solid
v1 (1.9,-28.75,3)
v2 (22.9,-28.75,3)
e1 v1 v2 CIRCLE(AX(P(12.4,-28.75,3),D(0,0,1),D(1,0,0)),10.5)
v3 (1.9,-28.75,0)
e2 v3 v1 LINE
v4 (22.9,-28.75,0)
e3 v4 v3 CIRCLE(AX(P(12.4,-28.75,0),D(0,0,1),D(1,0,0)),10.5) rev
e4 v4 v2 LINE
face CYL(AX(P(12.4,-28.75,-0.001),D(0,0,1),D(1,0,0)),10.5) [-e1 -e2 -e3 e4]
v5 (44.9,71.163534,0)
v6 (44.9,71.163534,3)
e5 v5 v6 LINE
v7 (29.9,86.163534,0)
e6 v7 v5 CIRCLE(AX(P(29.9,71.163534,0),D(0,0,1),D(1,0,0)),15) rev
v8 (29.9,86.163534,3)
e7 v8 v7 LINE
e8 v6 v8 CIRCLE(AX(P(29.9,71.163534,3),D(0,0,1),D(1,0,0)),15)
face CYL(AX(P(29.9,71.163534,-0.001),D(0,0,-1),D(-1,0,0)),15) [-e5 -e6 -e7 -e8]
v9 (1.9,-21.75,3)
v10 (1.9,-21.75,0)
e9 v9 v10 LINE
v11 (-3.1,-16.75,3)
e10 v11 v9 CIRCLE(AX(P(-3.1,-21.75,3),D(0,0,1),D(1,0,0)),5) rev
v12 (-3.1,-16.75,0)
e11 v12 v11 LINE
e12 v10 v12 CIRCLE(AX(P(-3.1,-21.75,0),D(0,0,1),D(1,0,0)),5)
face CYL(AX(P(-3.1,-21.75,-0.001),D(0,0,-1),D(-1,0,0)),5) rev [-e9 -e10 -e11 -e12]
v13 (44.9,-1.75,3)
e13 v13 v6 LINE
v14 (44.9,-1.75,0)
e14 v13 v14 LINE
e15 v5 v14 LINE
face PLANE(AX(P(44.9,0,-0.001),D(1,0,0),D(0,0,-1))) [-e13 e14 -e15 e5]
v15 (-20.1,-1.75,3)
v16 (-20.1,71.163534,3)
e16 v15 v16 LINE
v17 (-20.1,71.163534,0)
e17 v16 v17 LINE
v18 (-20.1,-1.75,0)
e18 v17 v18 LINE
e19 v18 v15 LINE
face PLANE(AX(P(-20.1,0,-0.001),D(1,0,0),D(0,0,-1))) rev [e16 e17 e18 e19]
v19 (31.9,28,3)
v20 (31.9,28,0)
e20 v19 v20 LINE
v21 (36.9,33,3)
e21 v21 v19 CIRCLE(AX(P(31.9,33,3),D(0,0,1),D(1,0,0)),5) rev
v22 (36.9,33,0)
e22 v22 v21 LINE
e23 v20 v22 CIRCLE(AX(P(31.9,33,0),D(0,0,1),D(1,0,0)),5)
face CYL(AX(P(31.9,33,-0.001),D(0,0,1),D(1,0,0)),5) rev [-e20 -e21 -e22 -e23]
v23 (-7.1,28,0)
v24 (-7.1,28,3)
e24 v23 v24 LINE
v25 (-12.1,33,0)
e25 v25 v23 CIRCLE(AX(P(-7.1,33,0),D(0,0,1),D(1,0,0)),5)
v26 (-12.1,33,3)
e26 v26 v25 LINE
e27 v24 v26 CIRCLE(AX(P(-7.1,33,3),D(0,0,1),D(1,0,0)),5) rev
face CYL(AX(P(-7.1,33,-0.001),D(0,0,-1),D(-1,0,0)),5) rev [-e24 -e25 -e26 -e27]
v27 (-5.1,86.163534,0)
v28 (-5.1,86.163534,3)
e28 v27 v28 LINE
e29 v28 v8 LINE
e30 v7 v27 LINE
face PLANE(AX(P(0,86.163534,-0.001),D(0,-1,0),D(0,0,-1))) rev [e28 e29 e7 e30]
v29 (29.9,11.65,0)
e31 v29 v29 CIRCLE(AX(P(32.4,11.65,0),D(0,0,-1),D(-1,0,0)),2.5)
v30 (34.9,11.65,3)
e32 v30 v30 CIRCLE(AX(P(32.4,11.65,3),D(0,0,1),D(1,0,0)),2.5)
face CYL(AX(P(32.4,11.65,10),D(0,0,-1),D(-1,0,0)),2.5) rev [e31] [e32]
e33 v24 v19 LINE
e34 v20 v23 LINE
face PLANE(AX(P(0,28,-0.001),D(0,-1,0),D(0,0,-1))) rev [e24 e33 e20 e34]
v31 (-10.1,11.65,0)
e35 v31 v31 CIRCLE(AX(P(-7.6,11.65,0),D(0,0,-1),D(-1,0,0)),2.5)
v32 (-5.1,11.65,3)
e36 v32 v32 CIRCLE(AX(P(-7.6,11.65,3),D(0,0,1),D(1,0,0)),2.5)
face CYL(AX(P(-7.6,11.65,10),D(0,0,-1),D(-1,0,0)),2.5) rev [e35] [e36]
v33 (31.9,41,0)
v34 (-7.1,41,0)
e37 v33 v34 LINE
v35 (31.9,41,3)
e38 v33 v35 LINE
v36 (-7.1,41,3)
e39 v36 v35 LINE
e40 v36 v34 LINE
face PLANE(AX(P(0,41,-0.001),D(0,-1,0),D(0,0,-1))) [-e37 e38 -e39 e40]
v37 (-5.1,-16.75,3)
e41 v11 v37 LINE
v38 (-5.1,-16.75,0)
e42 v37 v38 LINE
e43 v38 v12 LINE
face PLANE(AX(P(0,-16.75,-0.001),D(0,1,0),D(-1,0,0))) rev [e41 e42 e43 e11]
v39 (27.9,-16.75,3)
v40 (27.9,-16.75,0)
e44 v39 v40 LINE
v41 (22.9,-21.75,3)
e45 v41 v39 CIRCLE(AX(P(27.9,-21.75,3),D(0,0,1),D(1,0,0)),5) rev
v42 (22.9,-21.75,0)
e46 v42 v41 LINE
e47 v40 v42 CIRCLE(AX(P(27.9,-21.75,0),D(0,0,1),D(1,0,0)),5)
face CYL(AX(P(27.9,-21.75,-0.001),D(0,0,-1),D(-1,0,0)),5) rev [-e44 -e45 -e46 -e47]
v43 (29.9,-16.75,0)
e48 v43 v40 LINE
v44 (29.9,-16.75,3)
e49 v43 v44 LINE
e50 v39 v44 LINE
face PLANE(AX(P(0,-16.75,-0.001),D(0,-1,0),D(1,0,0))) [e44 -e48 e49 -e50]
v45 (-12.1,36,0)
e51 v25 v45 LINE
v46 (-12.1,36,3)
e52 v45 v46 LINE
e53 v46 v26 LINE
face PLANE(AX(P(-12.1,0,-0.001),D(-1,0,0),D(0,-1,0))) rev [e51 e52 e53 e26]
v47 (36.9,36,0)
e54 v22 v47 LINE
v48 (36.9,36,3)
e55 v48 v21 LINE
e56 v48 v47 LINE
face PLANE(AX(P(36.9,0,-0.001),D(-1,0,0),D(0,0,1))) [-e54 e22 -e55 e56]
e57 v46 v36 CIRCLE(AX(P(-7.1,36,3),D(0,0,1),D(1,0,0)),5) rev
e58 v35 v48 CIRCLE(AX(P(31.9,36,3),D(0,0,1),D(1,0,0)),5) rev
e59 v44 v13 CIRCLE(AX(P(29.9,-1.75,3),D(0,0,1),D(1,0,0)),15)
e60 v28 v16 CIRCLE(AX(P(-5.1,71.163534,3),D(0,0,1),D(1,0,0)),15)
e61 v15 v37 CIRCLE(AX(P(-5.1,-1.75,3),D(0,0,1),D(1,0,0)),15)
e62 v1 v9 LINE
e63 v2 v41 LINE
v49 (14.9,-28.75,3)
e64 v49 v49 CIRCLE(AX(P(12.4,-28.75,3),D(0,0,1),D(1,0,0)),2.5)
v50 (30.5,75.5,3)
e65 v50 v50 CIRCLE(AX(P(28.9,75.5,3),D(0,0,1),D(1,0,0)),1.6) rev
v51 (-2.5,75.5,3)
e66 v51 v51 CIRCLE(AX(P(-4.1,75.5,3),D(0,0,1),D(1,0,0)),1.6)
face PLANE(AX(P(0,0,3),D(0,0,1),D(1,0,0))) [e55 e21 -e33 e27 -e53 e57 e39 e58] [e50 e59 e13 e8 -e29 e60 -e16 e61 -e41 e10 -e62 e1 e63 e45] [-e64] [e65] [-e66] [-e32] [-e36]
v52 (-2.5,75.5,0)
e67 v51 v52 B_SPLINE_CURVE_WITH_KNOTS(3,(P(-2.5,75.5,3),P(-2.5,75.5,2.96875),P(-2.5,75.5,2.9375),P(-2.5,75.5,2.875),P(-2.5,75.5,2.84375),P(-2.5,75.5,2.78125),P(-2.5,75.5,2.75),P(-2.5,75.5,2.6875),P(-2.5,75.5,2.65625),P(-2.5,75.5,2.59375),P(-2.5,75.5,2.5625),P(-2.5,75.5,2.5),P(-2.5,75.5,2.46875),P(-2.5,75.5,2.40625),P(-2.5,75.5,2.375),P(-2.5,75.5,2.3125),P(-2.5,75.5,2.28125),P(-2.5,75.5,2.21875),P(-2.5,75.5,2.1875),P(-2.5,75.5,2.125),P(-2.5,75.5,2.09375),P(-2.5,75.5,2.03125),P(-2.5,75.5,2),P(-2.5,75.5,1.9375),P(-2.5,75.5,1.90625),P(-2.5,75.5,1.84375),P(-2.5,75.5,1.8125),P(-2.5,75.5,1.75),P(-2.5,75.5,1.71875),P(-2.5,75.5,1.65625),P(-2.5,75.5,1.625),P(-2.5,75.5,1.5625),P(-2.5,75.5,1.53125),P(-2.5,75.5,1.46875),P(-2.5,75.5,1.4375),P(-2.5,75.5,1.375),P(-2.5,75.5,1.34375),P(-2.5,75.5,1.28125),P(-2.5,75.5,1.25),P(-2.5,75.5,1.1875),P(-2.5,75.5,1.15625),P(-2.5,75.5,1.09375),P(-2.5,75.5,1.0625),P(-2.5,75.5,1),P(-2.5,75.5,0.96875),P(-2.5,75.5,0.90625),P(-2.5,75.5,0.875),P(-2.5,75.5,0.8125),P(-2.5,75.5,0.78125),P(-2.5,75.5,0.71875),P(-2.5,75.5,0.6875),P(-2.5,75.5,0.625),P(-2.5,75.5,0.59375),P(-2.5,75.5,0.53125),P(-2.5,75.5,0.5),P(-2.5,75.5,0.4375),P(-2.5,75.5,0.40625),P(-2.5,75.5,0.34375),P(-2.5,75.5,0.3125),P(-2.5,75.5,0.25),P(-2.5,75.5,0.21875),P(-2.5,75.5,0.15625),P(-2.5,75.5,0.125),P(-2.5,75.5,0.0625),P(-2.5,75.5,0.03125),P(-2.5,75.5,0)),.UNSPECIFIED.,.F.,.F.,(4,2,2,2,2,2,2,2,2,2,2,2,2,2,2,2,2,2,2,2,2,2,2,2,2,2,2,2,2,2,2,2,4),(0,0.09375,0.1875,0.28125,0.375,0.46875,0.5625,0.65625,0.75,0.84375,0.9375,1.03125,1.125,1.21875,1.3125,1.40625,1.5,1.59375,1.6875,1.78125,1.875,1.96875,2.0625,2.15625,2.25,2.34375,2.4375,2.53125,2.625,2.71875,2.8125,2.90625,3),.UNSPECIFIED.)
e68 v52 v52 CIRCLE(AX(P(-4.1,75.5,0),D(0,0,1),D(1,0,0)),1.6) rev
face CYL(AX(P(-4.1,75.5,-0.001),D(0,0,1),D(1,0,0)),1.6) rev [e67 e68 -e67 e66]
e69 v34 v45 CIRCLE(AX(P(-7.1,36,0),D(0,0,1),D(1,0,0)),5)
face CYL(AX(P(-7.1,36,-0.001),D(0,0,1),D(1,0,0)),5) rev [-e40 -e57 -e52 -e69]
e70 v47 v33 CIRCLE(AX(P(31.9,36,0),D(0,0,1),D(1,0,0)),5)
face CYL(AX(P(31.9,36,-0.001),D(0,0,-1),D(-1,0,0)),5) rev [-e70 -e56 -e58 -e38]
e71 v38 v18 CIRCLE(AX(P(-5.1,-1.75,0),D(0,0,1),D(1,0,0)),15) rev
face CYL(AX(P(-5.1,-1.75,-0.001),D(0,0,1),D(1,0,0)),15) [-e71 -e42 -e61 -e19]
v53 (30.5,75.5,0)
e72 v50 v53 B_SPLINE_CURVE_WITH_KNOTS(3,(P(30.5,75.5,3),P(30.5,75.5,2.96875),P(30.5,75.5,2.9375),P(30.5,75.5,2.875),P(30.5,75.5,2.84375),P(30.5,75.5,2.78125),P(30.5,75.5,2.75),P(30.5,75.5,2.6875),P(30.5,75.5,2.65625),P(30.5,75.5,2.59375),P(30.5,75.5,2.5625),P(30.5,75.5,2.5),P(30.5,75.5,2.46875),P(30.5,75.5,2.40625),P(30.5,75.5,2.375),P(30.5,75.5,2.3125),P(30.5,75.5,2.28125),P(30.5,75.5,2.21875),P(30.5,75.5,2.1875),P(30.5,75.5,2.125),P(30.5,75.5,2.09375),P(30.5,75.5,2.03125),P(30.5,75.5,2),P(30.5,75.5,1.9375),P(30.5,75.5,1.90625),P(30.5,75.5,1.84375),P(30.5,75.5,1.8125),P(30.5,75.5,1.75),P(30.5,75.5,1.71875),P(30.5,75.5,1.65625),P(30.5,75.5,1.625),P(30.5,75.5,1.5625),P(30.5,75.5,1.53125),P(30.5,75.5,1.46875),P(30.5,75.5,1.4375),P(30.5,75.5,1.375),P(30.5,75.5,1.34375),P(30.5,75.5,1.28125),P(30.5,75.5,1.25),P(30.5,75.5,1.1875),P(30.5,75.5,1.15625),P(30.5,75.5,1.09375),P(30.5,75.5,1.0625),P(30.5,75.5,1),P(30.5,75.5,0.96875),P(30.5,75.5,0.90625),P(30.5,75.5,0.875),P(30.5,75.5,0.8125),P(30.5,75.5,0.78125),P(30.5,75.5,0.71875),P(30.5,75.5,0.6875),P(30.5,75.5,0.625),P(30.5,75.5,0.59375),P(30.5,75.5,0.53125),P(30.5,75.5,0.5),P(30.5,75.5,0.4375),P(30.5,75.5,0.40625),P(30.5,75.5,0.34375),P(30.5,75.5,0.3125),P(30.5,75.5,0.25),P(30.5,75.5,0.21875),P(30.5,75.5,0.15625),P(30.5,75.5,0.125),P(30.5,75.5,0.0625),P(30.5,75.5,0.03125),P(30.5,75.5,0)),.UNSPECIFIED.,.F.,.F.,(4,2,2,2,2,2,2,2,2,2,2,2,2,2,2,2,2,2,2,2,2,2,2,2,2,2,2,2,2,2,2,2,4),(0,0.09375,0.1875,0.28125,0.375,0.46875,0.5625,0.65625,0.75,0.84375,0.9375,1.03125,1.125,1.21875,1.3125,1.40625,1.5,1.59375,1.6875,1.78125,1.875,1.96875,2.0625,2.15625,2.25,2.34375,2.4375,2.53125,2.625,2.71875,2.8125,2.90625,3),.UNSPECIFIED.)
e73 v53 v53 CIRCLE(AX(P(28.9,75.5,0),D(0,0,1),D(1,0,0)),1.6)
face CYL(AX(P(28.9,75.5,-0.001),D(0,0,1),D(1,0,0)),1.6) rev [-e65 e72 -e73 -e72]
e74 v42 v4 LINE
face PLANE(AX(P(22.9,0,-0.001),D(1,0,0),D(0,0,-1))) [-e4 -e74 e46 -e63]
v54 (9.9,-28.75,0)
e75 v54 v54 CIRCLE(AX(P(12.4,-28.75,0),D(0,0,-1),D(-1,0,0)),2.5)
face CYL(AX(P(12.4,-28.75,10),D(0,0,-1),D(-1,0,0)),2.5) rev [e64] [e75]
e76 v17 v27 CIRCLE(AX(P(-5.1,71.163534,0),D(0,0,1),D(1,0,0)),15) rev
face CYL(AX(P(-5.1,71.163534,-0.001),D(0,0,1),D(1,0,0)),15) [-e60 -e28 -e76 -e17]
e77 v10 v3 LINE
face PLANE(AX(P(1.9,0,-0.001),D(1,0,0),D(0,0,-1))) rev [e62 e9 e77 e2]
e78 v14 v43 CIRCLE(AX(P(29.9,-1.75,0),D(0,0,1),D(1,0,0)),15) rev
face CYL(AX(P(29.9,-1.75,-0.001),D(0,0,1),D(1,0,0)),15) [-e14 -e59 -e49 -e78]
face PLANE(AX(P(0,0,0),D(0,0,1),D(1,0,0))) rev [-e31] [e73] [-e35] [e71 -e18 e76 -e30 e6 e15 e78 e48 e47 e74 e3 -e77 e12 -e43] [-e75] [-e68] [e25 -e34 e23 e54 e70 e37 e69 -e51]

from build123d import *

# Parameters (mm, degrees)
SKETCH2_W           = 200
SKETCH2_H           = 200
BOSS_EXTRUDE1_DEPTH = 3
SKETCH3_R           = 2.5
CUT_EXTRUDE1_DEPTH  = 10
CUT_EXTRUDE2_REACH  = 143.453
SKETCH4_W           = 200
SKETCH4_H           = 200
SKETCH4_W_2         = 49
SKETCH4_H_2         = 13
FILLET1_R           = 15
FILLET2_R           = 5
CUT_EXTRUDE4_REACH  = 99.207
SKETCH6_R           = 1.6


with BuildPart() as part:
    # Sketch2 → Boss-Extrude1 (new body)
    with BuildSketch(Plane.XY):
        Rectangle(SKETCH2_W, SKETCH2_H)
    extrude(amount=BOSS_EXTRUDE1_DEPTH)

    # Sketch3 → Cut-Extrude1 (cut)
    with BuildSketch(Plane(origin=(0, 0, 0), x_dir=(-1, 0, 0), z_dir=(0, 0, -1))):
        with Locations((-32.4, 11.65)):
            Circle(SKETCH3_R)
        with Locations((7.6, 11.65)):
            Circle(SKETCH3_R)
        with Locations((-12.4, -28.75)):
            Circle(SKETCH3_R)
    extrude(amount=-CUT_EXTRUDE1_DEPTH, mode=Mode.SUBTRACT)

    # Sketch4 → Cut-Extrude2 (cut, up to next)
    with BuildSketch(Plane.XY.offset(3), mode=Mode.PRIVATE) as cut_extrude2_sk1:
        Rectangle(SKETCH4_W, SKETCH4_H)
        with BuildLine():
            Line((-20.1, -16.75), (-20.1, 86.163533864))
            Line((-20.1, 86.163533864), (44.9, 86.163533864))
            Line((44.9, 86.163533864), (44.9, -16.75))
            Line((44.9, -16.75), (22.9, -16.75))
            Line((22.9, -16.75), (22.9, -28.75))
            ThreePointArc((22.9, -28.75), (12.4, -39.25), (1.9, -28.75))
            Line((1.9, -28.75), (1.9, -16.75))
            Line((1.9, -16.75), (-20.1, -16.75))
        make_face(mode=Mode.SUBTRACT)
    cut_extrude2_tool1 = extrude(cut_extrude2_sk1.sketch, amount=-CUT_EXTRUDE2_REACH, mode=Mode.PRIVATE) & part.part
    # Sketch4 → Cut-Extrude2 (cut, up to next)
    with BuildSketch(Plane.XY.offset(3), mode=Mode.PRIVATE) as cut_extrude2_sk2:
        with Locations((12.4, 34.5)):
            Rectangle(SKETCH4_W_2, SKETCH4_H_2)
    cut_extrude2_tool2 = extrude(cut_extrude2_sk2.sketch, amount=-CUT_EXTRUDE2_REACH, mode=Mode.PRIVATE) & part.part
    add(cut_extrude2_tool1.solids().sort_by_distance((-97.171573, 0, 3))[0], mode=Mode.SUBTRACT)
    add(cut_extrude2_tool2.solids().sort_by_distance((12.4, 34.5, 3))[0], mode=Mode.SUBTRACT)

    # Fillet1
    fillet1_edges = [part.edges().sort_by_distance(p)[0] for p in [
        (-20.1, -16.75, 1.5),
        (44.9, -16.75, 1.5),
        (-20.1, 86.163533864, 1.5),
        (44.9, 86.163533864, 1.5),
    ]]
    fillet(fillet1_edges, radius=FILLET1_R)

    # Fillet2
    fillet2_edges = [part.edges().sort_by_distance(p)[0] for p in [
        (-12.1, 41, 1.5),
        (-12.1, 28, 1.5),
        (36.9, 41, 1.5),
        (36.9, 28, 1.5),
        (1.9, -16.75, 1.5),
        (22.9, -16.75, 1.5),
    ]]
    fillet(fillet2_edges, radius=FILLET2_R)

    # Sketch6 → Cut-Extrude4 (cut, up to next)
    with BuildSketch(Plane.XY.offset(3), mode=Mode.PRIVATE) as cut_extrude4_sk1:
        with Locations((-4.1, 75.5)):
            Circle(SKETCH6_R)
    cut_extrude4_tool1 = extrude(cut_extrude4_sk1.sketch, amount=-CUT_EXTRUDE4_REACH, mode=Mode.PRIVATE) & part.part
    # Sketch6 → Cut-Extrude4 (cut, up to next)
    with BuildSketch(Plane.XY.offset(3), mode=Mode.PRIVATE) as cut_extrude4_sk2:
        with Locations((28.9, 75.5)):
            Circle(SKETCH6_R)
    cut_extrude4_tool2 = extrude(cut_extrude4_sk2.sketch, amount=-CUT_EXTRUDE4_REACH, mode=Mode.PRIVATE) & part.part
    add(cut_extrude4_tool1.solids().sort_by_distance((-4.1, 75.5, 3))[0], mode=Mode.SUBTRACT)
    add(cut_extrude4_tool2.solids().sort_by_distance((28.9, 75.5, 3))[0], mode=Mode.SUBTRACT)


solid = part.part
